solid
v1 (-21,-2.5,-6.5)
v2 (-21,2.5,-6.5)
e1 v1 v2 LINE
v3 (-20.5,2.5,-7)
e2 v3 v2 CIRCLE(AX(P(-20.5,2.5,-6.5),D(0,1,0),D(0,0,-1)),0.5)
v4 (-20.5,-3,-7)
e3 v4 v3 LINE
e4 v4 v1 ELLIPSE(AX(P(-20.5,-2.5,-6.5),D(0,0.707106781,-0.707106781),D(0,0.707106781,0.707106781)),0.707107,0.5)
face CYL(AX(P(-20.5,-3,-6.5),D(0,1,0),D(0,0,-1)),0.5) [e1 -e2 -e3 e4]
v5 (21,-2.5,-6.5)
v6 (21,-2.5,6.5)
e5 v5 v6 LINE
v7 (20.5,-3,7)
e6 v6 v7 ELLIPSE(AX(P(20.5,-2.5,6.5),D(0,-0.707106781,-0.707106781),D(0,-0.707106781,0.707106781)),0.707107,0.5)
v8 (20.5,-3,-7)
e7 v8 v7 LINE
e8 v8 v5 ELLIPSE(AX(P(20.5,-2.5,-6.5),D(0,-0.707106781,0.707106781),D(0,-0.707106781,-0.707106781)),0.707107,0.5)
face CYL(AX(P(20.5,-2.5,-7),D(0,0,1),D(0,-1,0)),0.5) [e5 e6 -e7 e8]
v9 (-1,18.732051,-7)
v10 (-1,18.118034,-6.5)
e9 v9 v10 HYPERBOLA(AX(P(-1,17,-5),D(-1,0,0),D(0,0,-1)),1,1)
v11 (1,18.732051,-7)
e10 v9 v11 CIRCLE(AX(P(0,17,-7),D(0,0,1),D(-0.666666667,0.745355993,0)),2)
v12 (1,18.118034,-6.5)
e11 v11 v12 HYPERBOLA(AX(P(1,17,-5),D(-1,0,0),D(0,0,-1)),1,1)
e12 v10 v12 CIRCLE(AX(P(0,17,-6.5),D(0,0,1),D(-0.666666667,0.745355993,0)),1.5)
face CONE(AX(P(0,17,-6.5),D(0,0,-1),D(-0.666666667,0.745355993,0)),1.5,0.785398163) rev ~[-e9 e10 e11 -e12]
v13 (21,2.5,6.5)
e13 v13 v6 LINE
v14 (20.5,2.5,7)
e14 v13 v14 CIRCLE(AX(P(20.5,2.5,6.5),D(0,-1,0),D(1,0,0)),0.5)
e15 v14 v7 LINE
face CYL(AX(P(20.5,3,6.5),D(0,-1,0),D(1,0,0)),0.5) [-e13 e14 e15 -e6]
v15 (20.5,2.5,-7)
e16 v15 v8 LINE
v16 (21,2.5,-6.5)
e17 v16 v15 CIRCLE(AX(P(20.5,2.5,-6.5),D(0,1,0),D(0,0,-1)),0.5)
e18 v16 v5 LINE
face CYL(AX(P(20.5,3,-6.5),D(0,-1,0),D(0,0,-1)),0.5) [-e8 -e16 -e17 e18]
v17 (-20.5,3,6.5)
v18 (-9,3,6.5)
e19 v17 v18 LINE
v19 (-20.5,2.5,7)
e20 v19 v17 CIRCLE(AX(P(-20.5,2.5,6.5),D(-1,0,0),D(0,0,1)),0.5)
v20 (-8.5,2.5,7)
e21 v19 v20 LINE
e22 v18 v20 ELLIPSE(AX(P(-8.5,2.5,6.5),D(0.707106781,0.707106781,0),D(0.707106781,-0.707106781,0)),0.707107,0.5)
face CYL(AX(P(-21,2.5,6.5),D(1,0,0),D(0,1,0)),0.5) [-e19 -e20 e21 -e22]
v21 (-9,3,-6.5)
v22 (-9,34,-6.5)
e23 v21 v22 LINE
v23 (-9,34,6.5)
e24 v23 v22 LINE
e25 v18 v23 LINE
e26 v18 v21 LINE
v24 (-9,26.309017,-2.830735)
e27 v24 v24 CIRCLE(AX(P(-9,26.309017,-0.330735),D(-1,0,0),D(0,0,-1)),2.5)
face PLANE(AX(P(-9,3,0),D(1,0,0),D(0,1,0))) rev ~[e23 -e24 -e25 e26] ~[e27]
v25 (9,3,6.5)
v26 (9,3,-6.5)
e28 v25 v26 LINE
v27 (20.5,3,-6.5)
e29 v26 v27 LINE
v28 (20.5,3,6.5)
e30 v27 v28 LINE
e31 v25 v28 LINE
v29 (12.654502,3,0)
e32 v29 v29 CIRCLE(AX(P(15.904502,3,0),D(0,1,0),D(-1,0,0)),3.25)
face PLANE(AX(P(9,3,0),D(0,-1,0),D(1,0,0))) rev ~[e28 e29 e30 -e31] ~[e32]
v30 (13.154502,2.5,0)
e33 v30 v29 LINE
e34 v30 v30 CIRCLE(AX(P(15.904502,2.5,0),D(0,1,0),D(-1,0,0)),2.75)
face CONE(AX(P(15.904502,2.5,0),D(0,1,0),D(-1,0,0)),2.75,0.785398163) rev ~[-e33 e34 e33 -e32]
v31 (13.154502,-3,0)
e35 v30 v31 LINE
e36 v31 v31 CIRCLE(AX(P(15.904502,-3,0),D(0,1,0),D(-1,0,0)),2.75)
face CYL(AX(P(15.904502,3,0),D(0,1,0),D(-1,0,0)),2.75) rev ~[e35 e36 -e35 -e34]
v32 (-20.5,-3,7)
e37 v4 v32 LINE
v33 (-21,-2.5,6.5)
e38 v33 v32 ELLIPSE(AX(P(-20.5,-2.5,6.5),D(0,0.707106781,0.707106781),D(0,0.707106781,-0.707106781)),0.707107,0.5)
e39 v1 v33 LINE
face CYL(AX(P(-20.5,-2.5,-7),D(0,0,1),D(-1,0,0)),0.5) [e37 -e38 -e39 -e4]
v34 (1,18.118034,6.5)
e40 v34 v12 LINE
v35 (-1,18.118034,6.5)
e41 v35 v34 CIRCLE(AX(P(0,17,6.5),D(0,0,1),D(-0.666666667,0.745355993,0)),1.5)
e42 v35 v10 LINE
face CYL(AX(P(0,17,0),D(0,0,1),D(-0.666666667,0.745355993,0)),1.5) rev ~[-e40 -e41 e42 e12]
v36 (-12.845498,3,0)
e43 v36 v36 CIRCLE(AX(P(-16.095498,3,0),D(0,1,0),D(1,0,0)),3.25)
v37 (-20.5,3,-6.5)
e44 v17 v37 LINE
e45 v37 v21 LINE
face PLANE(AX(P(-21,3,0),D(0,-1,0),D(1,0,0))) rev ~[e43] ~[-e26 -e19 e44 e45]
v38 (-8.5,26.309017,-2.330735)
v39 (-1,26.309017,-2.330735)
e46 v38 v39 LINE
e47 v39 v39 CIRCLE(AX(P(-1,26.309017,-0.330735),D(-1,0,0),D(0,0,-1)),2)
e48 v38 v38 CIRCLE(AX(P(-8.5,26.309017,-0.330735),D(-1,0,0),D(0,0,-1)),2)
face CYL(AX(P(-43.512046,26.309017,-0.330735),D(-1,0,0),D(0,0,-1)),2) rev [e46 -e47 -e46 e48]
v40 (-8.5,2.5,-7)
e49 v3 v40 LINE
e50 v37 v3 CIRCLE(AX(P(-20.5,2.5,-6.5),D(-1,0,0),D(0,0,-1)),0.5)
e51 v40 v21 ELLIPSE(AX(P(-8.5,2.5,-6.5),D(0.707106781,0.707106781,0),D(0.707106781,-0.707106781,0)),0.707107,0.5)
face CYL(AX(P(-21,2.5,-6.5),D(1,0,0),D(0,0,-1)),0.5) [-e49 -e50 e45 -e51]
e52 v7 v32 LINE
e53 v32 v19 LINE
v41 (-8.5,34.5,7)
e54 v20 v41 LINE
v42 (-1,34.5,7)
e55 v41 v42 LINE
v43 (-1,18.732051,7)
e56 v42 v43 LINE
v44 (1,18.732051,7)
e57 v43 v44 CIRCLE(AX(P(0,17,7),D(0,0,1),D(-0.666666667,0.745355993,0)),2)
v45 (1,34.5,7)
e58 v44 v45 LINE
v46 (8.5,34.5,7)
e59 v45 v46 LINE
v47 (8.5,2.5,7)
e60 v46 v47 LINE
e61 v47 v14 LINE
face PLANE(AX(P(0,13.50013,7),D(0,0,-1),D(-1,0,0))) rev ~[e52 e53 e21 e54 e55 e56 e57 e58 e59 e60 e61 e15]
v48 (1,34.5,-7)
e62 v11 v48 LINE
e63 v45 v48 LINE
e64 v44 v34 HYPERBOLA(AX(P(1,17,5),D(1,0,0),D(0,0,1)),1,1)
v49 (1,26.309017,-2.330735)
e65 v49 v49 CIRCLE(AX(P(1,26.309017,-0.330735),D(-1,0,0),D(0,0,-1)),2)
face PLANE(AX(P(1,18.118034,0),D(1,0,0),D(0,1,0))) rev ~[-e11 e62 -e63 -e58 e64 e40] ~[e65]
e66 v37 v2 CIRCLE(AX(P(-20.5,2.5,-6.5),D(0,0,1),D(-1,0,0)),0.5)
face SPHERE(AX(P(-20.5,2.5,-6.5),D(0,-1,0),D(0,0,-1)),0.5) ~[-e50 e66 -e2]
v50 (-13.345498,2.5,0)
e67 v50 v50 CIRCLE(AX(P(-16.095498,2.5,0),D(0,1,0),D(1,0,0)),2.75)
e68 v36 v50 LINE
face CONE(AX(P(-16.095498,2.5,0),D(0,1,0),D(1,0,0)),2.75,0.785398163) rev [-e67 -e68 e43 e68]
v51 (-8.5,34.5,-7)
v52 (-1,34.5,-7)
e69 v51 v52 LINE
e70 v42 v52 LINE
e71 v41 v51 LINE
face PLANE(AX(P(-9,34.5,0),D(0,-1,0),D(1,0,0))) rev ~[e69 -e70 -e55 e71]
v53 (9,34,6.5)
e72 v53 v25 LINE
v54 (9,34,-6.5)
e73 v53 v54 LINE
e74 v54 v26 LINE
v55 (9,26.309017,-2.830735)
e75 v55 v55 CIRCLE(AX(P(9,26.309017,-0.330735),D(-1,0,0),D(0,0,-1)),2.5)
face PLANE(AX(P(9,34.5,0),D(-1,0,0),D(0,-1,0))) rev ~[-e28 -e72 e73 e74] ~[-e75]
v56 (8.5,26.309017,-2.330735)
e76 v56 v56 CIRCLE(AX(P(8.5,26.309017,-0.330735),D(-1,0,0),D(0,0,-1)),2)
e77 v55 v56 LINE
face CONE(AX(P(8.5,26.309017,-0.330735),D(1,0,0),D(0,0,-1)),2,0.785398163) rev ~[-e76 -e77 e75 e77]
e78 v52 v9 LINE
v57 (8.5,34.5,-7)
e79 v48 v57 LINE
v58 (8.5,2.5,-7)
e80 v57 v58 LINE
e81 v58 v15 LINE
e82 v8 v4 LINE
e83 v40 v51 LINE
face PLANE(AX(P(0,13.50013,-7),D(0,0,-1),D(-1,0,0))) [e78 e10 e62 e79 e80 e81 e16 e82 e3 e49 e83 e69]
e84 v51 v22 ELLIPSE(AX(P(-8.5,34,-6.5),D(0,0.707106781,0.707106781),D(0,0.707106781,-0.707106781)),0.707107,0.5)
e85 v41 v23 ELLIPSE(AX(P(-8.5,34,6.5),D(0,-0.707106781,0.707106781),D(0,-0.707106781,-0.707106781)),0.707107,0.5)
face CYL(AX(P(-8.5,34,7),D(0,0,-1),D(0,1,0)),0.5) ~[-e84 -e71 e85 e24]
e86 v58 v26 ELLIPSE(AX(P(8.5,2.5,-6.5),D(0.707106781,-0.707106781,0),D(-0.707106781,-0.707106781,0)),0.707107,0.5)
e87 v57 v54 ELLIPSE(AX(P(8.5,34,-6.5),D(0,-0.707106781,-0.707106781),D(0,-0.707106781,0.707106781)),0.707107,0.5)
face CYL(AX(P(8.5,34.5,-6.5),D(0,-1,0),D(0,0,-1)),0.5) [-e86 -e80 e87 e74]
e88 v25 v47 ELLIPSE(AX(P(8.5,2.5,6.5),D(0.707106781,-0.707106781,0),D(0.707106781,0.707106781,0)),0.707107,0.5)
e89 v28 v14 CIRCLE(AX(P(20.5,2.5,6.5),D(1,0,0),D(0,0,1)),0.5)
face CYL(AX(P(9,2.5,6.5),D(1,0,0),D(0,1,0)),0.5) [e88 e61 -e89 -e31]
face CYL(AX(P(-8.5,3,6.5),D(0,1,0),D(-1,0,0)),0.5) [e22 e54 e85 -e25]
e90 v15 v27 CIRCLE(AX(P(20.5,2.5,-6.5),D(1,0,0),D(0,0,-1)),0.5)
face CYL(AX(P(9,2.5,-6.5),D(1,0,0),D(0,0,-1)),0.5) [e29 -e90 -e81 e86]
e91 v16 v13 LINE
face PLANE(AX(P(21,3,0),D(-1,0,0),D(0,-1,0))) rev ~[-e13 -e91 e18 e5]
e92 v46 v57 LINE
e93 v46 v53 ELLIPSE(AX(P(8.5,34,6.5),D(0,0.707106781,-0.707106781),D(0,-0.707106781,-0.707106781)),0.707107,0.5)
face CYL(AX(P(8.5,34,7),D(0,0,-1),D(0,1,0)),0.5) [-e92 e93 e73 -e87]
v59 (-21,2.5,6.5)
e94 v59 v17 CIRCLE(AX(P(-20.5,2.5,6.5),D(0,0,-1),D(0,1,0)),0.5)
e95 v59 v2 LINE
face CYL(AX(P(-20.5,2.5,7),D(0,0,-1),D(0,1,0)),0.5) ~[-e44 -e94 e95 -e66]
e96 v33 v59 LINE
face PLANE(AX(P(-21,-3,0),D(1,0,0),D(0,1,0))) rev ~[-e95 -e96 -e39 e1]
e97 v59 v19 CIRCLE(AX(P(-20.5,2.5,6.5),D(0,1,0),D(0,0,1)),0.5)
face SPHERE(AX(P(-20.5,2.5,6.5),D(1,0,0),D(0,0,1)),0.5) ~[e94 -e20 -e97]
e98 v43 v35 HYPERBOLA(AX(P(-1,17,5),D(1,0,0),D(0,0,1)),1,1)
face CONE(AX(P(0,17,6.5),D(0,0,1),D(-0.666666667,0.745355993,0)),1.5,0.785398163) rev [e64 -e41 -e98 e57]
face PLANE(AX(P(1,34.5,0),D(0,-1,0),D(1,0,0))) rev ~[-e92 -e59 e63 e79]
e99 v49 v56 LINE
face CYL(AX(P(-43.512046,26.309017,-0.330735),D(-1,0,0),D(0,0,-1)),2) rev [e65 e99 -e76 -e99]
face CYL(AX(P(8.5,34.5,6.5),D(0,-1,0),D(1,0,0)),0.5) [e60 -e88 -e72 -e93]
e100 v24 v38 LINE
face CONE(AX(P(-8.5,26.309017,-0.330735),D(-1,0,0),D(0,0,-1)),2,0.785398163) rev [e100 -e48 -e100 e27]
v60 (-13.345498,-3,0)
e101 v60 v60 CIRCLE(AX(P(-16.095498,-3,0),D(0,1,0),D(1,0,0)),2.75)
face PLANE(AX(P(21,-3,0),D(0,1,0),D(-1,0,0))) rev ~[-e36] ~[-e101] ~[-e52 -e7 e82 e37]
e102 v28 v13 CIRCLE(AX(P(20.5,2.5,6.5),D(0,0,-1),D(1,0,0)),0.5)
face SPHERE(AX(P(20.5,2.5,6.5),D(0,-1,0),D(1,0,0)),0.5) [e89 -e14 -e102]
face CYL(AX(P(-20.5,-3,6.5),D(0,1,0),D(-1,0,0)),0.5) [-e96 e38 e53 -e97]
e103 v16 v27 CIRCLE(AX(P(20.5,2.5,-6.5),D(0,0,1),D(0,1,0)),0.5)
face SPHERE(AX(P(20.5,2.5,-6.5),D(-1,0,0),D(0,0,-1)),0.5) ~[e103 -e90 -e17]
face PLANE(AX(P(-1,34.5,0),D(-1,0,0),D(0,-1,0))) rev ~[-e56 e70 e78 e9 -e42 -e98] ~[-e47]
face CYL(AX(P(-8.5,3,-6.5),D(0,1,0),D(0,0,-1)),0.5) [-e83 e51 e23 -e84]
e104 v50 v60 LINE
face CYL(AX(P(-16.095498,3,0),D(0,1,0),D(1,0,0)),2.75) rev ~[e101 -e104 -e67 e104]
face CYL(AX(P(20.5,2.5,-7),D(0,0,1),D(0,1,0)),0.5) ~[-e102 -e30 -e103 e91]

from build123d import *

# Parameters (mm, degrees)
BOSS_EXTRUDE1_DEPTH     = 7
SKETCH2_R               = 2.75
CUT_EXTRUDE1_DEPTH      = 39.5
CUT_EXTRUDE2_DEPTH      = 42.512046444
CUT_EXTRUDE2_DEPTH_BACK = 42.512046444
SKETCH5_R               = 2
CHAMFER2_SIZE           = 0.5
FILLET2_R               = 0.5


with BuildPart() as part:
    # Sketch1 → Boss-Extrude1 (new, symmetric)
    with BuildSketch(Plane.XY):
        with BuildLine():
            Line((-21, -3), (-21, 3))
            Line((-21, 3), (-9, 3))
            Line((-9, 3), (-9, 34.5))
            Line((-9, 34.5), (-1, 34.5))
            Line((-1, 34.5), (-1, 18.118033989))
            ThreePointArc((-1, 18.118033989), (0, 15.5), (1, 18.118033989))
            Line((1, 18.118033989), (1, 34.5))
            Line((1, 34.5), (9, 34.5))
            Line((9, 34.5), (9, 3))
            Line((9, 3), (21, 3))
            Line((21, 3), (21, -3))
            Line((21, -3), (-21, -3))
        make_face()
    extrude(amount=BOSS_EXTRUDE1_DEPTH, both=True)

    # Sketch2 → Cut-Extrude1 (cut, through all)
    with BuildSketch(Plane(origin=(0, 3, 0), x_dir=(1, 0, 0), z_dir=(0, 1, 0))):
        with Locations(Location((15.904501915, 0, 0), (0, 0, 180))):
            Circle(SKETCH2_R)
        with Locations((-16.095498085, 0)):
            Circle(SKETCH2_R)
    extrude(amount=-CUT_EXTRUDE1_DEPTH, mode=Mode.SUBTRACT)

    # Sketch5 → Cut-Extrude2 (cut, two sides: drawn at the far end of the back side and taken through both)
    with BuildSketch(Plane(origin=(-1, 0, 0), x_dir=(0, 0, -1), z_dir=(1, 0, 0)).offset(-CUT_EXTRUDE2_DEPTH_BACK)):
        with Locations((0.330734984, 26.309016994)):
            Circle(SKETCH5_R)
    extrude(amount=CUT_EXTRUDE2_DEPTH + CUT_EXTRUDE2_DEPTH_BACK, mode=Mode.SUBTRACT)

    # Chamfer2
    chamfer2_edges = [part.edges().sort_by_distance(p)[0] for p in [
        (0, 15.5, -7),
        (0, 15.5, 7),
        (18.654501915, 3, 0),
        (-18.845498085, 3, 0),
        (-9, 26.309016994, 1.669265016),
        (9, 26.309016994, 1.669265016),
    ]]
    chamfer(chamfer2_edges, length=CHAMFER2_SIZE)

    # Fillet2
    fillet2_edges = [part.edges().sort_by_distance(p)[0] for p in [
        (-15, 3, 7),
        (9, 18.75, -7),
        (15, 3, -7),
        (-21, 0, 7),
        (21, 0, -7),
        (-21, 0, -7),
        (-15, 3, -7),
        (-9, 18.75, -7),
        (21, 0, 7),
        (9, 34.5, 0),
        (21, 3, 0),
        (21, -3, 0),
        (-21, -3, 0),
        (-21, 3, 0),
        (-9, 34.5, 0),
        (15, 3, 7),
        (9, 18.75, 7),
        (-9, 18.75, 7),
    ]]
    fillet(fillet2_edges, radius=FILLET2_R)


solid = part.part
